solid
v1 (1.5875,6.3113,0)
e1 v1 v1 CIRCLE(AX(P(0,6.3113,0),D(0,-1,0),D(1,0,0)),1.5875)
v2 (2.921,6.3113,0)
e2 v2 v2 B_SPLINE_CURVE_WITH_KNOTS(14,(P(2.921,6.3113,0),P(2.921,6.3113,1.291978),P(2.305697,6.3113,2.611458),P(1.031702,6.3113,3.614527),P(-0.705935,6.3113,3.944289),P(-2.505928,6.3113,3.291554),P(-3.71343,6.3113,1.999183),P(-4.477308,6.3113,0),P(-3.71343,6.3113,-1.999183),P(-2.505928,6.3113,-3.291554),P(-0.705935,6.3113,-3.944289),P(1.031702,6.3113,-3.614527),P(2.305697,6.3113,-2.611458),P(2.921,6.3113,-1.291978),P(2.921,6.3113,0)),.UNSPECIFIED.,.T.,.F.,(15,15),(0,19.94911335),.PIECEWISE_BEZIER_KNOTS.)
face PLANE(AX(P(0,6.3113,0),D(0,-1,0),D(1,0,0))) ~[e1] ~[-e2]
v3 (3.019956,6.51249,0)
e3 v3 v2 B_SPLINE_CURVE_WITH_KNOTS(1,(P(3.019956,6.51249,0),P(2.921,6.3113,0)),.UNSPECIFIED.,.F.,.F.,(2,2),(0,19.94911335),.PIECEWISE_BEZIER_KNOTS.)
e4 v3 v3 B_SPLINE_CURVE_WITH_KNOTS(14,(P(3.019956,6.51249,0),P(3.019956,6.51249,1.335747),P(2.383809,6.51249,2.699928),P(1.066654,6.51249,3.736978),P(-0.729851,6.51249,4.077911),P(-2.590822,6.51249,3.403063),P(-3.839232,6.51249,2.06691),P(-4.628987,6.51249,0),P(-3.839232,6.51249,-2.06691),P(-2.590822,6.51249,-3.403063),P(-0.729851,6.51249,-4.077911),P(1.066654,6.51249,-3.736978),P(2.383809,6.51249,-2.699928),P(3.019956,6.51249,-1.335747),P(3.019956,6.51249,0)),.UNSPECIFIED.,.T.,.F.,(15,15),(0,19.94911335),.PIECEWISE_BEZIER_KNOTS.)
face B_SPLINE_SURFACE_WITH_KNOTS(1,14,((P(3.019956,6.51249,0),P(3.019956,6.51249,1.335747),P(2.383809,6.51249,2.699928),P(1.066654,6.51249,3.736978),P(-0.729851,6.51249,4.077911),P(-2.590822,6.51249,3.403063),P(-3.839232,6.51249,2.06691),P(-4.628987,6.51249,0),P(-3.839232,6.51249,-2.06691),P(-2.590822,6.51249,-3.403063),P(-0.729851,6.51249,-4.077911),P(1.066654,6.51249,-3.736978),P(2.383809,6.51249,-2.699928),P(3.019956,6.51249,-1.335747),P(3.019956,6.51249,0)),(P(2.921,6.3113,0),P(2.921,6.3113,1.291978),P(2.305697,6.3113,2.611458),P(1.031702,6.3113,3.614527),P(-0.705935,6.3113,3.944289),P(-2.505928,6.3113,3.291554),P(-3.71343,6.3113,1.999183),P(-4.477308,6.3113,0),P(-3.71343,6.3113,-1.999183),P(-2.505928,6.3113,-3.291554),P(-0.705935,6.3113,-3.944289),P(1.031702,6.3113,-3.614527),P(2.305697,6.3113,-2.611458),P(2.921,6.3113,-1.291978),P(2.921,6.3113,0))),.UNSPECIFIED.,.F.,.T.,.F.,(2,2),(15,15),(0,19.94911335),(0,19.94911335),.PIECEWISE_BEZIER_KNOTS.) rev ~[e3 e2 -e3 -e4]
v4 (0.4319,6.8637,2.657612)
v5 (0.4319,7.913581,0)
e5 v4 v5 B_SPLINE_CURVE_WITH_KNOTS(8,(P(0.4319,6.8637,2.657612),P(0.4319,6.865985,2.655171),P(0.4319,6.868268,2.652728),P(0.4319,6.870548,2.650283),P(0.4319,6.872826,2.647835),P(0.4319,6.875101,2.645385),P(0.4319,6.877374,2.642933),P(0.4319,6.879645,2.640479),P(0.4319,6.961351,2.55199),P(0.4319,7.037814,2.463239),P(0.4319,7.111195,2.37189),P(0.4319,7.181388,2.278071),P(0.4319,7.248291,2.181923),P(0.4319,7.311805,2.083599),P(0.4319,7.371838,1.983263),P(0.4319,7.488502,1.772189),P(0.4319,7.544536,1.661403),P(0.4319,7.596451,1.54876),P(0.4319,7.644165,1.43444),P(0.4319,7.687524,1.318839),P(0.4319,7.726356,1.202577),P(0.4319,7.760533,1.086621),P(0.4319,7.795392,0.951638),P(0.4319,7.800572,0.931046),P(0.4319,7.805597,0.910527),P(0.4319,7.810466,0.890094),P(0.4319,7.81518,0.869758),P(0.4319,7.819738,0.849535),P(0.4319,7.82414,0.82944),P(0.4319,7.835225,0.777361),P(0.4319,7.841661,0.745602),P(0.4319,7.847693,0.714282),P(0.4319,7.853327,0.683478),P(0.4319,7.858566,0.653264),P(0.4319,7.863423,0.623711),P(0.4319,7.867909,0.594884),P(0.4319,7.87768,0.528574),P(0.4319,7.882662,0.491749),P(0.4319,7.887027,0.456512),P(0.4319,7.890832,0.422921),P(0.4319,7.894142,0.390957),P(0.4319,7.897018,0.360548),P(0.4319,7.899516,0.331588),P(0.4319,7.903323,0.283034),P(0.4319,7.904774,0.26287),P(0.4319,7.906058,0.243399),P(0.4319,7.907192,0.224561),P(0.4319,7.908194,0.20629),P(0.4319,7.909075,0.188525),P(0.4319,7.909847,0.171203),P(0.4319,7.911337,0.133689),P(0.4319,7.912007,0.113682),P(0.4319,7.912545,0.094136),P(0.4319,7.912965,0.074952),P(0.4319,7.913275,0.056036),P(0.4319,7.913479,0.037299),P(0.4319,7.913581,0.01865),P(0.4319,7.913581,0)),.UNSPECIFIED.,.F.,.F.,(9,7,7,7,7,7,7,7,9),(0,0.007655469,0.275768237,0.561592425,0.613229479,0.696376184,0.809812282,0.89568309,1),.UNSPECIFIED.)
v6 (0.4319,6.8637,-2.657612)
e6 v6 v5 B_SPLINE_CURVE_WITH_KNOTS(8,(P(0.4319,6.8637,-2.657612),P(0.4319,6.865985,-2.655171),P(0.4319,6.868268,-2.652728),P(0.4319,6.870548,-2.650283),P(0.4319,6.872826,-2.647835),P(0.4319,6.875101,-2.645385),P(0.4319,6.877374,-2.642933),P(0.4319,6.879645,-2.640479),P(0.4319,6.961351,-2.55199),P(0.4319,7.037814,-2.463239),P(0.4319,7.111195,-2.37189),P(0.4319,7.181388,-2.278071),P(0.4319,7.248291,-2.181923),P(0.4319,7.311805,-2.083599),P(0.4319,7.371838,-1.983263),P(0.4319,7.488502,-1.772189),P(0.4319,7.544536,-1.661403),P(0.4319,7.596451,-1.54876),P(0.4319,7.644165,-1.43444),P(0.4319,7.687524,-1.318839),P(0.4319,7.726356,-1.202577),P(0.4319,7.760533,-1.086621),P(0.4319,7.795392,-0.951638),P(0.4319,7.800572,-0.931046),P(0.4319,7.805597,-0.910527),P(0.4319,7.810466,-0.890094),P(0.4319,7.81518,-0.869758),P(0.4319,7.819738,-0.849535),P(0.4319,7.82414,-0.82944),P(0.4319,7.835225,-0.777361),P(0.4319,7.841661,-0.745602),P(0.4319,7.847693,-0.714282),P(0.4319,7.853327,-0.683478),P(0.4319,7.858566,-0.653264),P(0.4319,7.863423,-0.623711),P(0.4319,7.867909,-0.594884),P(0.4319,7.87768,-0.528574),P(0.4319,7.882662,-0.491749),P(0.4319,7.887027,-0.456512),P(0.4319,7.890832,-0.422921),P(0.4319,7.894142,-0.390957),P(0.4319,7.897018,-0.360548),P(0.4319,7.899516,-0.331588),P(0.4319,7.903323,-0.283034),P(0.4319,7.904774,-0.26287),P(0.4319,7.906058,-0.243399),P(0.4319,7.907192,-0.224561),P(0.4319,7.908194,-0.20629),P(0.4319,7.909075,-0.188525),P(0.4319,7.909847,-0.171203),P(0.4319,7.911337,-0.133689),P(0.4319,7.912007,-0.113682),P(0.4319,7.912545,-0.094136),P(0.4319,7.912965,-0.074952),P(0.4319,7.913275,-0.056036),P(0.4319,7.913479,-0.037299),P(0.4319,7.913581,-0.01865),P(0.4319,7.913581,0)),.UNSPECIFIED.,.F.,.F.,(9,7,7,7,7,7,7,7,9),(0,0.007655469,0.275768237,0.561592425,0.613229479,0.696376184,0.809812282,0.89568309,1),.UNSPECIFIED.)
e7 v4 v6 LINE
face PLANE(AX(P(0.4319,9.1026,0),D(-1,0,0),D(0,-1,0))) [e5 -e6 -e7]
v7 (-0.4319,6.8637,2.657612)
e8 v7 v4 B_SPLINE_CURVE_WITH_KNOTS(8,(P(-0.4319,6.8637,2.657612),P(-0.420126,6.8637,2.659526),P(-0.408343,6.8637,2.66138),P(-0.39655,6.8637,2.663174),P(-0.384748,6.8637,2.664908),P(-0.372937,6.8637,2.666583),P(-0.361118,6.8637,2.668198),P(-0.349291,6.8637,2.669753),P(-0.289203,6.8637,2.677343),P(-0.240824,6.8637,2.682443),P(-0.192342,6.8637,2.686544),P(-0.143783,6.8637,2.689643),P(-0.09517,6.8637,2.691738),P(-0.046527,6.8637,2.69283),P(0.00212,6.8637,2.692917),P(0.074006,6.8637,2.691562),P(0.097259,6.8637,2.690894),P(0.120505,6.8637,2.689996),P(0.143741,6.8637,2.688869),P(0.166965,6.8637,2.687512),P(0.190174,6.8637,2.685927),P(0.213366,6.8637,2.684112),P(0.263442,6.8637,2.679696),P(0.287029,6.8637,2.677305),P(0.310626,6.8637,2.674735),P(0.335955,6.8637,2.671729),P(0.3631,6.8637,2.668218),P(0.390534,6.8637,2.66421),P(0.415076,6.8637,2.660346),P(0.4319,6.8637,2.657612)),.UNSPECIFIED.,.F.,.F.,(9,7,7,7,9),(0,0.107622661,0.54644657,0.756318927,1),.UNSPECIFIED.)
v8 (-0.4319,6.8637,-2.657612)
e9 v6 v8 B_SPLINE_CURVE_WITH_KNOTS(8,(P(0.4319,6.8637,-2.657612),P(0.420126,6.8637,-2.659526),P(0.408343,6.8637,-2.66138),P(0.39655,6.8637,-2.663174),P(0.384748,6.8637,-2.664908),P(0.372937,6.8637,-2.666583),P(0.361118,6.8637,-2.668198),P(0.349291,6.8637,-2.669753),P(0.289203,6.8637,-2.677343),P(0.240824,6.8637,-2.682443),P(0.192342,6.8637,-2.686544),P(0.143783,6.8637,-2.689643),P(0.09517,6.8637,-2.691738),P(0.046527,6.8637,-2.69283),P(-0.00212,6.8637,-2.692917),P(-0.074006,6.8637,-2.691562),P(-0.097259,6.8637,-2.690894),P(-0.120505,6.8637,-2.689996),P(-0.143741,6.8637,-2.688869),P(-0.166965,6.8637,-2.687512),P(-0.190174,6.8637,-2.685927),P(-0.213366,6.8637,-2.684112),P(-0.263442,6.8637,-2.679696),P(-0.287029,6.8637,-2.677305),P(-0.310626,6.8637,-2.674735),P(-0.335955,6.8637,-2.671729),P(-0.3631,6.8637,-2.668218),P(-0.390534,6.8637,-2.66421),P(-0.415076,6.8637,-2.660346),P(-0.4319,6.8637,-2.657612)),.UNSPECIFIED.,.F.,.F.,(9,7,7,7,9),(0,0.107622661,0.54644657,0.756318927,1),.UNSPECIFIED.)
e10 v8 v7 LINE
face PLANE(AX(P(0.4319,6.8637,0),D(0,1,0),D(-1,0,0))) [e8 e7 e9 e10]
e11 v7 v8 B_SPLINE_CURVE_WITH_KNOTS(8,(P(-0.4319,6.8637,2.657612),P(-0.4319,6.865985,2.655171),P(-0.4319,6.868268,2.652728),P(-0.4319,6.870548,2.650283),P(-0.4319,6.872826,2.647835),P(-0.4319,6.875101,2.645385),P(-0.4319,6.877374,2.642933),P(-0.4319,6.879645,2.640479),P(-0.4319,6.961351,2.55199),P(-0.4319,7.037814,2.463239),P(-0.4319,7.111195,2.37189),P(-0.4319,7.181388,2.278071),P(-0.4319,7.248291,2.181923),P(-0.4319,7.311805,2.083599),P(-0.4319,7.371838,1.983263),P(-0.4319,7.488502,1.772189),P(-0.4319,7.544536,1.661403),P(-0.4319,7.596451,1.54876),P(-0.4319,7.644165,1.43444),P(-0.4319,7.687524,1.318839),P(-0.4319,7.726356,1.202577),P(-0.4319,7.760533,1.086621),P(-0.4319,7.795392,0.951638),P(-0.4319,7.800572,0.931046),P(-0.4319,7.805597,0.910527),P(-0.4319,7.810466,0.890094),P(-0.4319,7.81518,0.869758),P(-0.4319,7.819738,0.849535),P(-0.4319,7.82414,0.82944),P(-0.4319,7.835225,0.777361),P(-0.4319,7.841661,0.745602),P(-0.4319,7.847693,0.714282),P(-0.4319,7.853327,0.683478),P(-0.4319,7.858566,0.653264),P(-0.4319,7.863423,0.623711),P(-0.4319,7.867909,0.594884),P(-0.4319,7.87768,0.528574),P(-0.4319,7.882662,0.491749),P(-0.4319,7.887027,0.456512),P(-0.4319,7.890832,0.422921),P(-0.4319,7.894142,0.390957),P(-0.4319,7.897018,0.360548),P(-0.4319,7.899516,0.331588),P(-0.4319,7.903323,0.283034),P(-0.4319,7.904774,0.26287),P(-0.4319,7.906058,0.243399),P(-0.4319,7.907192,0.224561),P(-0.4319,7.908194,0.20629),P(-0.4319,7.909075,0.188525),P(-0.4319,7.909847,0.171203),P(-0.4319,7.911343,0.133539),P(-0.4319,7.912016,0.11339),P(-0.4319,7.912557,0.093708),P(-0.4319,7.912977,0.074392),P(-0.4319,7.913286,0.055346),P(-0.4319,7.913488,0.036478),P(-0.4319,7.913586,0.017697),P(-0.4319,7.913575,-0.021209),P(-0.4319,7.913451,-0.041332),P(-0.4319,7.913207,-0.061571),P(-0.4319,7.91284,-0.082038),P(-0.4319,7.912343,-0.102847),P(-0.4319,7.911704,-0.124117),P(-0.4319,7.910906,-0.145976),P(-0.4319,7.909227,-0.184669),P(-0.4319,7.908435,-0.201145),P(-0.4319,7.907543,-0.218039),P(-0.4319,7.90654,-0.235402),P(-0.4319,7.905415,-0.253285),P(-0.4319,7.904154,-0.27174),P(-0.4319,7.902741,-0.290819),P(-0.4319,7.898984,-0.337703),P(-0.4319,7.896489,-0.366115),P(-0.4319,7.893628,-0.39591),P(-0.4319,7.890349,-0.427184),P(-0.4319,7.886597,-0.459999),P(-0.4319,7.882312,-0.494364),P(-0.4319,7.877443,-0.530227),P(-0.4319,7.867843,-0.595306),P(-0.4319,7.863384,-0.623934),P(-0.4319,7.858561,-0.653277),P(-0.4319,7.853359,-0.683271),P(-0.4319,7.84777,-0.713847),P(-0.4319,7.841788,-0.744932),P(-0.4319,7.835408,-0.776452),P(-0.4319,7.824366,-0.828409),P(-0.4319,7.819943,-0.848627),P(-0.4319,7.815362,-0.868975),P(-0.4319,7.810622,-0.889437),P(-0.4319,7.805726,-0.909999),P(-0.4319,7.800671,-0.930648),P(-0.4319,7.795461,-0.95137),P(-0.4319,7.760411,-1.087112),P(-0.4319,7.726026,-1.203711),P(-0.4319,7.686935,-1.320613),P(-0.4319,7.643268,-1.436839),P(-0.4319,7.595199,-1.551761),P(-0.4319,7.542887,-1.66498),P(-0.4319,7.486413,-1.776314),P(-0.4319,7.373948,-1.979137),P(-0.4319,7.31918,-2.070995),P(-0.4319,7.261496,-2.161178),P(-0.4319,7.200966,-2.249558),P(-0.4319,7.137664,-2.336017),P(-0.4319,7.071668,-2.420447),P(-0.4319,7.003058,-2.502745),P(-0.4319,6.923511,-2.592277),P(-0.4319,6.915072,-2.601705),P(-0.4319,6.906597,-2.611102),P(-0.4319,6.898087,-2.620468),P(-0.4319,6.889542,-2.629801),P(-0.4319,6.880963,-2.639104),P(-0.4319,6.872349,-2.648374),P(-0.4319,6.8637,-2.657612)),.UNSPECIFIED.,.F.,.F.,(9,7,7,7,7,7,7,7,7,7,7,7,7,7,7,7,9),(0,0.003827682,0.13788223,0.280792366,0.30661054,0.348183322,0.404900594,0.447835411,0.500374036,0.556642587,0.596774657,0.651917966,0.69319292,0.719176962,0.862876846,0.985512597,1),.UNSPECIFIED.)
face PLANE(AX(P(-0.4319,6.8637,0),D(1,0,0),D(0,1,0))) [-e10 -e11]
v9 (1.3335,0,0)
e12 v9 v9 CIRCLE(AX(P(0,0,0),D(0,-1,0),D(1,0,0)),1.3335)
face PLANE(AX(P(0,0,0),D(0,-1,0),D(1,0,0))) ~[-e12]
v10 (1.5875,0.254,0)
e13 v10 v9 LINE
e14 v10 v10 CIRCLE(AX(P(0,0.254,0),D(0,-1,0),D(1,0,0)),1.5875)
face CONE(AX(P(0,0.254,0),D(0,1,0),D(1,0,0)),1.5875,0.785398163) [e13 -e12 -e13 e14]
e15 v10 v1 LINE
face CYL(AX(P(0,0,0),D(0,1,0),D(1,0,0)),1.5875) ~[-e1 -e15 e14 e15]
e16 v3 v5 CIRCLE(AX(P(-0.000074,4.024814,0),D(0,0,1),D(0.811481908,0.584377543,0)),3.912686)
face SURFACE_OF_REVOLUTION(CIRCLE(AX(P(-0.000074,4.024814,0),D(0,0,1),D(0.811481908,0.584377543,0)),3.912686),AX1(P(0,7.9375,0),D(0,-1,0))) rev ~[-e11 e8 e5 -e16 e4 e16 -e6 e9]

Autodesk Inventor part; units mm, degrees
ref_plane "YZ Plane" through (0, 0, 0) normal (1, 0, 0) x (0, 1, 0)
ref_plane "XZ Plane" through (0, 0, 0) normal (0, 1, 0) x (-1, 0, 0)
ref_plane "XY Plane" through (0, 0, 0) normal (0, 0, 1) x (1, 0, 0)
sketch "Sketch1" plane through (0, 0, 0) normal (0, 0, 1) x (1, 0, 0)
  line L0 (0, 7.9375) -> (0, 0)
  line L1 (0, 0) -> (1.5875, 0)
  line L2 (1.5875, 0) -> (1.5875, 6.3113)
  line L3 (1.5875, 6.3113) -> (3.175, 6.3113)
  arc A0 (3.175, 6.3113) -> (0, 7.9375) centre (0, 4.0249) ccw
  line L4 (-3.8487, 7.9375) -> (5.6755, 7.9375)
  dimension "d0" = 1.5875
  dimension "d1" = 1.5875
  dimension "d2" = 7.9375
  dimension "d10" = 3.9126
revolve "Revolution1" add sketch "Sketch1" angle 360 about axis through (0, 7.9375, 0) along (0, -1, 0)
chamfer "Chamfer1" distance 0.254 angle 45 2 edges at (-1.5875, 0, 0) (-3.175, 6.3113, 0)
sketch "Sketch2" plane through (0, 0, 0) normal (0, 0, 1) x (1, 0, 0)
  line L0 (-0.4319, 9.1026) -> (0.4319, 9.1026)
  line L1 (0.4319, 9.1026) -> (0.4319, 6.8637)
  line L2 (0.4319, 6.8637) -> (-0.4319, 6.8637)
  line L3 (-0.4319, 6.8637) -> (-0.4319, 9.1026)
  line L4 (-1.5875, 6.3113) -> (-1.5875, 0.254) projected
  line L5 (1.5875, 6.3113) -> (1.5875, 0.254) projected
  dimension "d6" = 1.1556
  dimension "d7" = 1.1556
extrude "Extrusion1" cut sketch "Sketch2" against normal mid plane 25.4
equation "\"d7\" = d6"
properties part number "screw"
